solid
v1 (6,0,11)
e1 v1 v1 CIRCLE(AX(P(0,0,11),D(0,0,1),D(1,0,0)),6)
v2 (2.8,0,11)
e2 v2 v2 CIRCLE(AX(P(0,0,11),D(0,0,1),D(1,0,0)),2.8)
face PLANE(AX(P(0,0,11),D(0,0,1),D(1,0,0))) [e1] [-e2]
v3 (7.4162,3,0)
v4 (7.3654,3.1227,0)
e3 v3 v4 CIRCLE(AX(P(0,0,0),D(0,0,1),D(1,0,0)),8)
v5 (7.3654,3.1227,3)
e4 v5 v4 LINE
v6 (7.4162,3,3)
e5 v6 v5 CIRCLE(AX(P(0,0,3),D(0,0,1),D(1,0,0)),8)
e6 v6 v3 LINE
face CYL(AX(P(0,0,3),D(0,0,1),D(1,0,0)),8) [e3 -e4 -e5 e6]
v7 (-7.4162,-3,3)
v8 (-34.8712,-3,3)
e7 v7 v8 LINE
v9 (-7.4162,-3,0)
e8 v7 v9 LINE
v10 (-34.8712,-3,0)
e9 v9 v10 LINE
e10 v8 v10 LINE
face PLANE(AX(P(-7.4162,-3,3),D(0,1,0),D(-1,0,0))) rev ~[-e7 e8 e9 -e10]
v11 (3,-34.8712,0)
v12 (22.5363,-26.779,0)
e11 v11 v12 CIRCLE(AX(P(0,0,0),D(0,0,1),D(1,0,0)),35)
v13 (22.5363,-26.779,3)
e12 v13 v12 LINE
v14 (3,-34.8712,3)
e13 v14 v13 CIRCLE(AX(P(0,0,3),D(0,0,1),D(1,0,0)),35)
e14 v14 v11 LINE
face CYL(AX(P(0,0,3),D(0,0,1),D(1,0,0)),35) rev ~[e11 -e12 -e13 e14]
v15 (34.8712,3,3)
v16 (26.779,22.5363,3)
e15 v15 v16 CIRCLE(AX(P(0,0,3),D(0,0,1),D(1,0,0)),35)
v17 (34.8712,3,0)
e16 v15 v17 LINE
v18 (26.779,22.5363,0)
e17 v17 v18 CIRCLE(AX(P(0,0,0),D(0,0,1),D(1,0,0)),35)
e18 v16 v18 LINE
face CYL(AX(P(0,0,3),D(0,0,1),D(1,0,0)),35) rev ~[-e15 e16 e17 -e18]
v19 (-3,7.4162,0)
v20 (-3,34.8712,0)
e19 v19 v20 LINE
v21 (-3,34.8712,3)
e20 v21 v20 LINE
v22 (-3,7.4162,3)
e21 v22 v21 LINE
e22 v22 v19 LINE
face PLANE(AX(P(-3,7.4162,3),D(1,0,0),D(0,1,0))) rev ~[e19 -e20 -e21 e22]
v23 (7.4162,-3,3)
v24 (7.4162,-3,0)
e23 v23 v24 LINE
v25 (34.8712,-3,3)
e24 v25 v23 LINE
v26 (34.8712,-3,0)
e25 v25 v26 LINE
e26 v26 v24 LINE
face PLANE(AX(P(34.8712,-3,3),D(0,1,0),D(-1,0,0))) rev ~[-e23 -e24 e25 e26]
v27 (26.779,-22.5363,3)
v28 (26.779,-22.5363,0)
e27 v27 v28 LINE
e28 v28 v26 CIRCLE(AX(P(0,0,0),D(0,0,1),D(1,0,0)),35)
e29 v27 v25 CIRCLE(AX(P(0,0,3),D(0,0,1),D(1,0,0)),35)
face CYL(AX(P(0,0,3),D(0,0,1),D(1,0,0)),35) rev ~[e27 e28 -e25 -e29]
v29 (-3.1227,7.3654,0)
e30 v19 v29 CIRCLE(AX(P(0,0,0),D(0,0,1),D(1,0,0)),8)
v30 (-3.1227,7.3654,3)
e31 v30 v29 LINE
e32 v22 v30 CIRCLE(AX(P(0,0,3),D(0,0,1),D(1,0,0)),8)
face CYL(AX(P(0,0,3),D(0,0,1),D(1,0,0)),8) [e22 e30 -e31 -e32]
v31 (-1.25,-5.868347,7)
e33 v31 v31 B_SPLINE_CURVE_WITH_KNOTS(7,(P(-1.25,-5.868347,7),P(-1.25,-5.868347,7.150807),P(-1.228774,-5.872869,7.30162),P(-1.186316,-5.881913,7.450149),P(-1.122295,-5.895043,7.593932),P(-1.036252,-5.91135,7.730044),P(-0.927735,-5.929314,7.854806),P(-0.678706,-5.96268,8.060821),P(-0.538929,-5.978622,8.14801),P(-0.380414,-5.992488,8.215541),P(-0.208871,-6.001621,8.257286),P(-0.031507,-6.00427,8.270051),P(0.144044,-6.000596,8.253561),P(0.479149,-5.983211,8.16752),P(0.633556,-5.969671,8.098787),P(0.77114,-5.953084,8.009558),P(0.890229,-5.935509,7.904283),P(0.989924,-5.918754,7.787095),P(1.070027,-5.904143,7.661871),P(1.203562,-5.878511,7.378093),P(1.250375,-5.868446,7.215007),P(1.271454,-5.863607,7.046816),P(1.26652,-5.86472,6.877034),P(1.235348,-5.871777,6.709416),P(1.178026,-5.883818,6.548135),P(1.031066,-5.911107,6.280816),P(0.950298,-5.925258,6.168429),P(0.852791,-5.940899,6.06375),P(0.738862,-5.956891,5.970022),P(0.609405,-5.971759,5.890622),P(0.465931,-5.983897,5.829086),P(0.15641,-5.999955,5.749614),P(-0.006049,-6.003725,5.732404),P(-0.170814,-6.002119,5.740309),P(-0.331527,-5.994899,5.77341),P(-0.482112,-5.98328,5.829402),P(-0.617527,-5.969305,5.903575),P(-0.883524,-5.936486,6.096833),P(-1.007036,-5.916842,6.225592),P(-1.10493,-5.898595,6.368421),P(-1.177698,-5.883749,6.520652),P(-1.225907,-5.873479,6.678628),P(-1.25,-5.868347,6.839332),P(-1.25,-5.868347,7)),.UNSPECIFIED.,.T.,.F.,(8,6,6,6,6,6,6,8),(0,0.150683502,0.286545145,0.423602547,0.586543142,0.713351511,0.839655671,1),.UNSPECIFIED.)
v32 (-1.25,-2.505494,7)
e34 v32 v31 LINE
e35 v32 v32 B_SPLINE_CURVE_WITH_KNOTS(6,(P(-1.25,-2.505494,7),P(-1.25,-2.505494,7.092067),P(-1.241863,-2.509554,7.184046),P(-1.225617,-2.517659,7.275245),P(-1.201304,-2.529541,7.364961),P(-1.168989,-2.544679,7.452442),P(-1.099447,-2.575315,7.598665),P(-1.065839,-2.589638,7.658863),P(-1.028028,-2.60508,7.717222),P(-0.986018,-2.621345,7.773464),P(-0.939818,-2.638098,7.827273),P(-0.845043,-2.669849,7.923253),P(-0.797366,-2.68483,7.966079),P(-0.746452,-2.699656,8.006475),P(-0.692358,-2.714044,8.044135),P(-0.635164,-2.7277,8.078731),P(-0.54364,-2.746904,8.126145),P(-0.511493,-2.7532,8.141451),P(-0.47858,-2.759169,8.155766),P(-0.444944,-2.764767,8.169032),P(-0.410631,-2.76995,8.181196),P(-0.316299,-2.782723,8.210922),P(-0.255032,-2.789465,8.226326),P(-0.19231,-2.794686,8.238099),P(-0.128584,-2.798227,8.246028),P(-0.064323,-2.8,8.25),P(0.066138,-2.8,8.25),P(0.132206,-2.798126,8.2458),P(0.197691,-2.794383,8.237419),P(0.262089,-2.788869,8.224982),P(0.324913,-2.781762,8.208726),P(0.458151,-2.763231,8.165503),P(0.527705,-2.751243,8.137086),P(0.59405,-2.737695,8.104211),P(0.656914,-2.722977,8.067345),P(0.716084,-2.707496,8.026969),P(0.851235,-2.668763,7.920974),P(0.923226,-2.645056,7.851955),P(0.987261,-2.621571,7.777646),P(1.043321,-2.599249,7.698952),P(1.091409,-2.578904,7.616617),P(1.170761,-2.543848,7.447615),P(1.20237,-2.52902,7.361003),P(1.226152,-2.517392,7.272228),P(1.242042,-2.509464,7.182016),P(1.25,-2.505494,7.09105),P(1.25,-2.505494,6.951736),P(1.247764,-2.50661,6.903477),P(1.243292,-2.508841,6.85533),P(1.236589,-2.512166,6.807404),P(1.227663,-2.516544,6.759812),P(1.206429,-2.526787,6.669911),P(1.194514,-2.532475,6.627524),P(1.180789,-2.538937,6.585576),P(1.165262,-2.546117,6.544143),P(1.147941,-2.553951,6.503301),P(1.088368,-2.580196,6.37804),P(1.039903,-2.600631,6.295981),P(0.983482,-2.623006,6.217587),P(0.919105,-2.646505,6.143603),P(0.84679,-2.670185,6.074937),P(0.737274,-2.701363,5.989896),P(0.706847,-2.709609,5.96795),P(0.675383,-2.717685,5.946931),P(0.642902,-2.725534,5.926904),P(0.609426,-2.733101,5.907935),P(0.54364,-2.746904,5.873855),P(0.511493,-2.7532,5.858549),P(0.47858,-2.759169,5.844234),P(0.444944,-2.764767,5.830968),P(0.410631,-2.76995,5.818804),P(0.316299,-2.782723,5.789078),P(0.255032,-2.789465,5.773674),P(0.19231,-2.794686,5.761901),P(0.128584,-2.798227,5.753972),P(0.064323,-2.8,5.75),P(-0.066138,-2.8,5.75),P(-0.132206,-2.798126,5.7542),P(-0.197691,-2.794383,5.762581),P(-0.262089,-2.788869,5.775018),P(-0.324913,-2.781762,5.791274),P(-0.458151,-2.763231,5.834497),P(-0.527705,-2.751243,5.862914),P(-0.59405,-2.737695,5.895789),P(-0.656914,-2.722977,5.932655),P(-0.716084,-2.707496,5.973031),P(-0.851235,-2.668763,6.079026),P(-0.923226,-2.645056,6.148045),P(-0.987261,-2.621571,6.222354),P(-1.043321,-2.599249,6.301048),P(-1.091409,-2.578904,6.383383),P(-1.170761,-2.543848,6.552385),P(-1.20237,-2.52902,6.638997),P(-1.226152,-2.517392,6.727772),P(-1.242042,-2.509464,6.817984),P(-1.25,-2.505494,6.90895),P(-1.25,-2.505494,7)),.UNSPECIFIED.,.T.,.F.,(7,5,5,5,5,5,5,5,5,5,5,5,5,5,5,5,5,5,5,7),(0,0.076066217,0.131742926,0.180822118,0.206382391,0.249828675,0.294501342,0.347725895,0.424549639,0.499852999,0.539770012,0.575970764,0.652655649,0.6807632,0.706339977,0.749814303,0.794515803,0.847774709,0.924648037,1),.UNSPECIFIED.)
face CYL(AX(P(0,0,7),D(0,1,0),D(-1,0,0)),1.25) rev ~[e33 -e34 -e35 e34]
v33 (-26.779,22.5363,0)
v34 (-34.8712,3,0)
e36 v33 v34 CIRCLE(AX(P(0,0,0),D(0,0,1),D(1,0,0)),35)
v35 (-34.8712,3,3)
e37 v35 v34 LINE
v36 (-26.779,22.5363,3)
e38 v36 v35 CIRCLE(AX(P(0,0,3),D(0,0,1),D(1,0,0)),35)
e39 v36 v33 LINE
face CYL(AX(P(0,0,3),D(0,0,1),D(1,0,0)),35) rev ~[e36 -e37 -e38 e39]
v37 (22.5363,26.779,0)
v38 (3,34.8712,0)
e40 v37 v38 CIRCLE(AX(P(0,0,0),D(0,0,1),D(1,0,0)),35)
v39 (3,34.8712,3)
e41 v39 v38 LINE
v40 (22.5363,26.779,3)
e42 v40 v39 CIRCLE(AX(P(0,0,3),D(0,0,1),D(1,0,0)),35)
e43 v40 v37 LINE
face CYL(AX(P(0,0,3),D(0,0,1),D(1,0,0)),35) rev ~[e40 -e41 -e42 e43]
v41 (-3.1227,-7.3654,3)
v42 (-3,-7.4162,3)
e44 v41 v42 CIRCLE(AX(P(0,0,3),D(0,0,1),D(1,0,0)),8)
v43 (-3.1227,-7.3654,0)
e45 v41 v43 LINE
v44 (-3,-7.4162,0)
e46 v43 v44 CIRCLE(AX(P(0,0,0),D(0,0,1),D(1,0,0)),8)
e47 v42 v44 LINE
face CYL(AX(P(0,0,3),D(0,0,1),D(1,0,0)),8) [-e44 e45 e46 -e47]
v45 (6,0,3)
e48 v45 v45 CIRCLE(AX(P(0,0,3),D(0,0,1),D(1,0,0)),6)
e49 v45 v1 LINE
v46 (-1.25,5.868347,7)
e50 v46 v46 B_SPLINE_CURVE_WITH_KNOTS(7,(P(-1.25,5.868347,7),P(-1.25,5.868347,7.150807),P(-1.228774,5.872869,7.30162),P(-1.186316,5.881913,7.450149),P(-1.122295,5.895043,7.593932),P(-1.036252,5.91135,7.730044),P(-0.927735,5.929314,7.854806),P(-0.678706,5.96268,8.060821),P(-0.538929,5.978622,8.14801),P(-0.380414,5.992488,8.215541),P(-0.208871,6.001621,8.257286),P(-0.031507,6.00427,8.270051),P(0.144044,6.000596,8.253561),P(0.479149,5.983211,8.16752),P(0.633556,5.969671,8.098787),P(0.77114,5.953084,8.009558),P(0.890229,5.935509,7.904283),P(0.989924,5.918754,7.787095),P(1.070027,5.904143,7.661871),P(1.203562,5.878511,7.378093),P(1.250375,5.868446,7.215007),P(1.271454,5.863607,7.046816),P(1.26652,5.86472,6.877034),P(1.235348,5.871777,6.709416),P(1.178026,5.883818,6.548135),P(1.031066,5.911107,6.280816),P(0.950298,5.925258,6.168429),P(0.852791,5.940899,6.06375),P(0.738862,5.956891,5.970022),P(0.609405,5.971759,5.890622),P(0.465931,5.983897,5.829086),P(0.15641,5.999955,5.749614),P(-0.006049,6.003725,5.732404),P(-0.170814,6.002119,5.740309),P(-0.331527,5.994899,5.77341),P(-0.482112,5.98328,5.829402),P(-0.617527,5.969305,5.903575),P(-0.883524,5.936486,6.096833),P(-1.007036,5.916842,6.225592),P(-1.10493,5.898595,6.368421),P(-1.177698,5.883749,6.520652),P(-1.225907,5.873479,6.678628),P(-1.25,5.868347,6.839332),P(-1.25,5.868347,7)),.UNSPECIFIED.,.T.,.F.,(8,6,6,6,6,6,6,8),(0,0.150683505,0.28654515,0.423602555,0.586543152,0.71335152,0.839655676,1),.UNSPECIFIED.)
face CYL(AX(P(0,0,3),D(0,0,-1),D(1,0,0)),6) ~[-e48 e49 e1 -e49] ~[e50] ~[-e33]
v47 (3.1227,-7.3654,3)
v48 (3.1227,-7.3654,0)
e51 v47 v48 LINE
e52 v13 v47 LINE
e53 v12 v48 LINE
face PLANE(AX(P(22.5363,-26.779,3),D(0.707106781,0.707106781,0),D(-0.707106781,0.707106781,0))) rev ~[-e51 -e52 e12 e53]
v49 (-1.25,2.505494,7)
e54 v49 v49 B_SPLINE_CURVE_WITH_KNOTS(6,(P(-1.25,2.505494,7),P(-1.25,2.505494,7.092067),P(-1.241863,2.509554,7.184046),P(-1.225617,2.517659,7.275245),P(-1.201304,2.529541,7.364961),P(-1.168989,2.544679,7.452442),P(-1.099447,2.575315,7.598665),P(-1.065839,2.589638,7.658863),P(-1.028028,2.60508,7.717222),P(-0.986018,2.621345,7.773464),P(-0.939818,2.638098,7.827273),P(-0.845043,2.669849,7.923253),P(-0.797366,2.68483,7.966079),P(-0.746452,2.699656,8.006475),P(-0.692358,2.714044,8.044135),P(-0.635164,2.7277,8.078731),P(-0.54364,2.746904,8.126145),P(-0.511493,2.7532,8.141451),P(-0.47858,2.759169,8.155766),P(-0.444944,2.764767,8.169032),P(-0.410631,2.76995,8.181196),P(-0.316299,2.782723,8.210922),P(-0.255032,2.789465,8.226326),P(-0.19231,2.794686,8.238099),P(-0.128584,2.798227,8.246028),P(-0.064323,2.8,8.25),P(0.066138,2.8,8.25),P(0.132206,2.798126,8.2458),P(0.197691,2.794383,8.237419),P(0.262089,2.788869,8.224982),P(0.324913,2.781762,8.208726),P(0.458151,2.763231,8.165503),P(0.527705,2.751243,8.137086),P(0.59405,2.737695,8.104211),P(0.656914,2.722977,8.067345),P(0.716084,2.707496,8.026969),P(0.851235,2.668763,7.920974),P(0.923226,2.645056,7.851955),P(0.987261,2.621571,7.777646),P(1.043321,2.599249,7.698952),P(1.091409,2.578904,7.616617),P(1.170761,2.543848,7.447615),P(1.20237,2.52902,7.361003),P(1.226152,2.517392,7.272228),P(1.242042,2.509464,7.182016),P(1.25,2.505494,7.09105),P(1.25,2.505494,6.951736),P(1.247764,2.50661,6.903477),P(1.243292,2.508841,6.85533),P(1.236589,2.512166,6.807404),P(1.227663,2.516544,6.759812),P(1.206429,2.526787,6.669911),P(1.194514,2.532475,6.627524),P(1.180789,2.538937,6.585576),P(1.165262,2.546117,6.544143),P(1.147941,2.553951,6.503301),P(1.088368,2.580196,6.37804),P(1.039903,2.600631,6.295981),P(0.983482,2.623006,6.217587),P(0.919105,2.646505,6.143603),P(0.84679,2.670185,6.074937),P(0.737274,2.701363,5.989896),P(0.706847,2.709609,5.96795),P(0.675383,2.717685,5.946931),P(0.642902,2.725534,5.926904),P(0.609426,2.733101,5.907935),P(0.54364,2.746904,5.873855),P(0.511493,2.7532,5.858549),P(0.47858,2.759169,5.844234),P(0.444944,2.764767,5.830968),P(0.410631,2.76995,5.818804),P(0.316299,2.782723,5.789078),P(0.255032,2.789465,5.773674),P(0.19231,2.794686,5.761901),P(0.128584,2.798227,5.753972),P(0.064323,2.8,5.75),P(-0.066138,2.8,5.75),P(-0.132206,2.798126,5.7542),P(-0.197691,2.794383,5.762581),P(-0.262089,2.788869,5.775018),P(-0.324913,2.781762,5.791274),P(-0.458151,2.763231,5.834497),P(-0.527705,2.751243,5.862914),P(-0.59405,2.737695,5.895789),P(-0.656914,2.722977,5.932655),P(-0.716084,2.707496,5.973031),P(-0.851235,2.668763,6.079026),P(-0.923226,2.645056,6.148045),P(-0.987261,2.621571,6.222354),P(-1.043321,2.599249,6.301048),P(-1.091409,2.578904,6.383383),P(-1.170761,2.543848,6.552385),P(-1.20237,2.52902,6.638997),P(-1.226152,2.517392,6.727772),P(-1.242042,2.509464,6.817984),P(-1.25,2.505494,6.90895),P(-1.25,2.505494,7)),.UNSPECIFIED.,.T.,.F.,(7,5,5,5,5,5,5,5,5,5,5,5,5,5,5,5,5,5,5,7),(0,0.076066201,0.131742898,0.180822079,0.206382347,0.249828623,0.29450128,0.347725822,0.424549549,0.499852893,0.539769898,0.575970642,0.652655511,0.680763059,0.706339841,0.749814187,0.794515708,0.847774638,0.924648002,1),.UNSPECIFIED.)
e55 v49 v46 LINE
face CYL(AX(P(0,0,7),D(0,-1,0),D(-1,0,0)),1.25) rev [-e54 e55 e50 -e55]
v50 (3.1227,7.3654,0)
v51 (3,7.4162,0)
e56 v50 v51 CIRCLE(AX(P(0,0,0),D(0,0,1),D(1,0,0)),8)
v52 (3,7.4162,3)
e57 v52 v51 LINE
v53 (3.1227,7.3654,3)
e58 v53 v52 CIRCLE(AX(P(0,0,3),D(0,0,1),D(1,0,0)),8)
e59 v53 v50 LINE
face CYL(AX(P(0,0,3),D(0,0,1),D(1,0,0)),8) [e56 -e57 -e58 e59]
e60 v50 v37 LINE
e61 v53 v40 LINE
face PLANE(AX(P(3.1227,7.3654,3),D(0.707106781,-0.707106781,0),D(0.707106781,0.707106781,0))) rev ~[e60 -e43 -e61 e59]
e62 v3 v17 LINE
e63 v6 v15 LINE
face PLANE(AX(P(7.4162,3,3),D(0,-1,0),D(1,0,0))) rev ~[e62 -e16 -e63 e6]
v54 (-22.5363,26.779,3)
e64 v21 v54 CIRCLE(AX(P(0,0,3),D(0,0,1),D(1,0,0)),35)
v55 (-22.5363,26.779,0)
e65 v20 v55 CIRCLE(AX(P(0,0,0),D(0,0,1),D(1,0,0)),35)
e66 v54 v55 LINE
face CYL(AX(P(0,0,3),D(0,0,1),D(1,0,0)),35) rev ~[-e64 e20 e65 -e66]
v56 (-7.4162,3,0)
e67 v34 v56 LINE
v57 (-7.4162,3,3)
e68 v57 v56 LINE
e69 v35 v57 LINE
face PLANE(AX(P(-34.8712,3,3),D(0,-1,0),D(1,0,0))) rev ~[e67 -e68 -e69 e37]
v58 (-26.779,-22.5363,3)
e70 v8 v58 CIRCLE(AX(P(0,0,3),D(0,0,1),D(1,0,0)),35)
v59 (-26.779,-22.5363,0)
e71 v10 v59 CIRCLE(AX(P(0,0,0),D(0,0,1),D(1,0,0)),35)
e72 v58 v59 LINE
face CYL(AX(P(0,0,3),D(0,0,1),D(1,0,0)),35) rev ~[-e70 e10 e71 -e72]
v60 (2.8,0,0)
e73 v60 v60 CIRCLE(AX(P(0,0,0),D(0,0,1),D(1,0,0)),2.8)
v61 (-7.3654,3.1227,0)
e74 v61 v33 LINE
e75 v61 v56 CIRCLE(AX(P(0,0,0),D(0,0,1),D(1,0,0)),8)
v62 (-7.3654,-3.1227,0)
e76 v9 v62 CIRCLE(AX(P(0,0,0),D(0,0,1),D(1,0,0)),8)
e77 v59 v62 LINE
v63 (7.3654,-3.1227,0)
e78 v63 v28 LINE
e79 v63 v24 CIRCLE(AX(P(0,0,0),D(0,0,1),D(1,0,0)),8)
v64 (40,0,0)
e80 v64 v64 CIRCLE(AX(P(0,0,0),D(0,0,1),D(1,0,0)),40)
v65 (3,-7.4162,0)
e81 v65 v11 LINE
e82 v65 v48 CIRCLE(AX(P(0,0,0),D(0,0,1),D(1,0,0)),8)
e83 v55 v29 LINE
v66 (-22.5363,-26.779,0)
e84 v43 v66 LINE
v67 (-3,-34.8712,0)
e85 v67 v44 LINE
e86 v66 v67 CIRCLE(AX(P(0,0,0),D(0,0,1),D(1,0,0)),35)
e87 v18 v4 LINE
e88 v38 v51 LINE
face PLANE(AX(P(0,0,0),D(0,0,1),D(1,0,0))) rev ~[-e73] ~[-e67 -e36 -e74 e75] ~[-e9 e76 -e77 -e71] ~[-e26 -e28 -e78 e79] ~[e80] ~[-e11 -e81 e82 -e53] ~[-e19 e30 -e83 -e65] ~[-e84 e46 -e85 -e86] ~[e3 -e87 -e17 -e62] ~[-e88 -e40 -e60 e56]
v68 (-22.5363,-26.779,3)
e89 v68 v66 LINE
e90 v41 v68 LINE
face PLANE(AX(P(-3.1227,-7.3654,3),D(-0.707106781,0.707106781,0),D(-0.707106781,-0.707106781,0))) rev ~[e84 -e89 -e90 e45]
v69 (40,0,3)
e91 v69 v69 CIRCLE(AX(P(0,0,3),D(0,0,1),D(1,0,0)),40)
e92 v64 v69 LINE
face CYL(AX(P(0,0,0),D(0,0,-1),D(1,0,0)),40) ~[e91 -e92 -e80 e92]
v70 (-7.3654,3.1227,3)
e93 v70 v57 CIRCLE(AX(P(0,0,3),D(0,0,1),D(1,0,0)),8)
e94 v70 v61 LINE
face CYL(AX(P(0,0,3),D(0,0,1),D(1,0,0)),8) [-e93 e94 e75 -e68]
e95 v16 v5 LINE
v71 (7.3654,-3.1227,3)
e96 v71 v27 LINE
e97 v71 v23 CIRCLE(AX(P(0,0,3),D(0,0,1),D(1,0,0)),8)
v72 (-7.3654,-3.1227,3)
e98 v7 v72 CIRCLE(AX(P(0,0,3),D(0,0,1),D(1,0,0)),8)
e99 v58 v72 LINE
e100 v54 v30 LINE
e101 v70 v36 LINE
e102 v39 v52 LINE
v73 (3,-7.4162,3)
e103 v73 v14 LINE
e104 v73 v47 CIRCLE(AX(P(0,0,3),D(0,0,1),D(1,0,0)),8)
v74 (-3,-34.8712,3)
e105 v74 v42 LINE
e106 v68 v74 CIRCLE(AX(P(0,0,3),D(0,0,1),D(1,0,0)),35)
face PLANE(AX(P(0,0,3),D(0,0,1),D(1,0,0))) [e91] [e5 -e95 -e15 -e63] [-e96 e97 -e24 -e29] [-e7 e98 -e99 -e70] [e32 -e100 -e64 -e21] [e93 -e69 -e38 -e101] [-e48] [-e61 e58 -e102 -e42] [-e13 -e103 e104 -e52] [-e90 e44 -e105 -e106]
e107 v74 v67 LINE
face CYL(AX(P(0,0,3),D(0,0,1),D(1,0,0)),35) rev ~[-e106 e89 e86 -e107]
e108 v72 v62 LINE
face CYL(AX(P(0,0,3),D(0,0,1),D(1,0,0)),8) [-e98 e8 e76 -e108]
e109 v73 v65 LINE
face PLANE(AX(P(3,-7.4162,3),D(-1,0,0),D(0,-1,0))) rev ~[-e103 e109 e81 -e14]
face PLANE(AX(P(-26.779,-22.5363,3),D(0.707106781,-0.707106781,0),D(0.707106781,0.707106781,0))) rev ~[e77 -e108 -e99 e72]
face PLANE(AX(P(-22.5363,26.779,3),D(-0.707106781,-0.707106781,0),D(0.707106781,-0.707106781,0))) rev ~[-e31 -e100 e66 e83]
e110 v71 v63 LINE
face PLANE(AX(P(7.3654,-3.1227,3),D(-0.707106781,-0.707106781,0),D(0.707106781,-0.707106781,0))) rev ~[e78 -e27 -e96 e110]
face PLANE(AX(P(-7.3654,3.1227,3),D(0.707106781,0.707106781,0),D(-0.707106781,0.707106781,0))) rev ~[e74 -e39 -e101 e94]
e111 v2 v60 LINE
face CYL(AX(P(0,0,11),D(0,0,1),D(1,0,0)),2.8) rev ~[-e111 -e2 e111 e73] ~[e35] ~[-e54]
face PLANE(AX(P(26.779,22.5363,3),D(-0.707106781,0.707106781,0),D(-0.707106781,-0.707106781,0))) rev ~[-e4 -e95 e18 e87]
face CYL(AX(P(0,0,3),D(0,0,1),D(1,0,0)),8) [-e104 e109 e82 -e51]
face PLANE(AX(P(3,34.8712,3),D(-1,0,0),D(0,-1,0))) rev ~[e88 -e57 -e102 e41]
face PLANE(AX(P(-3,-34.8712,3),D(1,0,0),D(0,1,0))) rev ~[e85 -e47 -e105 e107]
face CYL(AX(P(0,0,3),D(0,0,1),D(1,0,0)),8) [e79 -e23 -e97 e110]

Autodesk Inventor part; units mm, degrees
ref_plane "YZ Plane" through (0, 0, 0) normal (1, 0, 0) x (0, 1, 0)
ref_plane "XY Plane" through (0, 0, 0) normal (0, 0, 1) x (1, 0, 0)
sketch "スケッチ1" plane through (0, 0, 0) normal (0, 0, 1) x (1, 0, 0)
  circle A0 centre (0, 0) radius 40
  circle A1 centre (0, 0) radius 2.5
  dimension "d0" = 80
  dimension "d1" = 5
extrude "押し出し1" add sketch "スケッチ1" along normal blind 3
sketch "スケッチ2" plane through (0, 0, 3) normal (0, 0, 1) x (1, 0, 0)
  circle A0 centre (0, 0) radius 8
  circle A1 centre (0, 0) radius 2.5 projected
  circle A2 centre (0, 0) radius 35
  line L0 (3, 34.8712) -> (3, 7.4162)
  line L1 (-3, 7.4162) -> (-3, 34.8712)
  line L2 (-7.3654, 3.1227) -> (-26.779, 22.5363)
  line L3 (-22.5363, 26.779) -> (-3.1227, 7.3654)
  circle A3 centre (0, 0) radius 35
  circle A4 centre (0, 0) radius 8
  line L4 (-7.4162, -3) -> (-34.8712, -3)
  line L5 (-34.8712, 3) -> (-7.4162, 3)
  circle A5 centre (0, 0) radius 35
  circle A6 centre (0, 0) radius 8
  line L6 (-3.1227, -7.3654) -> (-22.5363, -26.779)
  line L7 (-26.779, -22.5363) -> (-7.3654, -3.1227)
  circle A7 centre (0, 0) radius 35
  circle A8 centre (0, 0) radius 8
  line L8 (3, -7.4162) -> (3, -34.8712)
  line L9 (-3, -34.8712) -> (-3, -7.4162)
  circle A9 centre (0, 0) radius 35
  circle A10 centre (0, 0) radius 8
  line L10 (7.3654, -3.1227) -> (26.779, -22.5363)
  line L11 (22.5363, -26.779) -> (3.1227, -7.3654)
  circle A11 centre (0, 0) radius 35
  circle A12 centre (0, 0) radius 8
  line L12 (7.4162, 3) -> (34.8712, 3)
  line L13 (34.8712, -3) -> (7.4162, -3)
  circle A13 centre (0, 0) radius 35
  circle A14 centre (0, 0) radius 8
  line L14 (3.1227, 7.3654) -> (22.5363, 26.779)
  line L15 (26.779, 22.5363) -> (7.3654, 3.1227)
  circle A15 centre (0, 0) radius 35
  circle A16 centre (0, 0) radius 8
  dimension "d4" = 16
  dimension "d5" = 70
  dimension "d6" = 3
  dimension "d7" = 6
  dimension "d10" = 360
extrude "押し出し2" cut sketch "スケッチ2" against normal blind 5 contours A0 L15 A2 L12 | L13 A2 L10 A0 | A0 L0 A2 L14 | L11 A2 L8 A0 | A0 L3 A2 L1 | L9 A2 L6 A0 | A0 L5 A2 L2 | L7 A2 L4 A0
sketch "スケッチ3" plane through (0, 0, 3) normal (0, 0, 1) x (1, 0, 0)
  circle A0 centre (0, 0) radius 2.5 projected
  circle A1 centre (0, 0) radius 2.5
  circle A2 centre (0, 0) radius 6
  dimension "d14" = 12
extrude "押し出し3" add sketch "スケッチ3" along normal blind 8
ref_plane "作業平面1" through (0, 0, 0) normal (0, 1, 0) x (-1, 0, 0)
sketch "スケッチ4" plane through (0, 0, 0) normal (0, 1, 0) x (-1, 0, 0)
  circle A0 centre (0, 7) radius 1.25
  line L0 (40, 3) -> (-40, 3) projected
  point P0 (0, 0)
  dimension "d18" = 2.5
  dimension "d19" = 4
extrude "押し出し4" cut sketch "スケッチ4" along normal mid plane 15
sketch "スケッチ5" plane through (0, 0, 11) normal (0, 0, 1) x (1, 0, 0)
  circle A0 centre (0, 0) radius 2.8
  dimension "d22" = 5.6
extrude "押し出し5" cut sketch "スケッチ5" against normal blind 20
